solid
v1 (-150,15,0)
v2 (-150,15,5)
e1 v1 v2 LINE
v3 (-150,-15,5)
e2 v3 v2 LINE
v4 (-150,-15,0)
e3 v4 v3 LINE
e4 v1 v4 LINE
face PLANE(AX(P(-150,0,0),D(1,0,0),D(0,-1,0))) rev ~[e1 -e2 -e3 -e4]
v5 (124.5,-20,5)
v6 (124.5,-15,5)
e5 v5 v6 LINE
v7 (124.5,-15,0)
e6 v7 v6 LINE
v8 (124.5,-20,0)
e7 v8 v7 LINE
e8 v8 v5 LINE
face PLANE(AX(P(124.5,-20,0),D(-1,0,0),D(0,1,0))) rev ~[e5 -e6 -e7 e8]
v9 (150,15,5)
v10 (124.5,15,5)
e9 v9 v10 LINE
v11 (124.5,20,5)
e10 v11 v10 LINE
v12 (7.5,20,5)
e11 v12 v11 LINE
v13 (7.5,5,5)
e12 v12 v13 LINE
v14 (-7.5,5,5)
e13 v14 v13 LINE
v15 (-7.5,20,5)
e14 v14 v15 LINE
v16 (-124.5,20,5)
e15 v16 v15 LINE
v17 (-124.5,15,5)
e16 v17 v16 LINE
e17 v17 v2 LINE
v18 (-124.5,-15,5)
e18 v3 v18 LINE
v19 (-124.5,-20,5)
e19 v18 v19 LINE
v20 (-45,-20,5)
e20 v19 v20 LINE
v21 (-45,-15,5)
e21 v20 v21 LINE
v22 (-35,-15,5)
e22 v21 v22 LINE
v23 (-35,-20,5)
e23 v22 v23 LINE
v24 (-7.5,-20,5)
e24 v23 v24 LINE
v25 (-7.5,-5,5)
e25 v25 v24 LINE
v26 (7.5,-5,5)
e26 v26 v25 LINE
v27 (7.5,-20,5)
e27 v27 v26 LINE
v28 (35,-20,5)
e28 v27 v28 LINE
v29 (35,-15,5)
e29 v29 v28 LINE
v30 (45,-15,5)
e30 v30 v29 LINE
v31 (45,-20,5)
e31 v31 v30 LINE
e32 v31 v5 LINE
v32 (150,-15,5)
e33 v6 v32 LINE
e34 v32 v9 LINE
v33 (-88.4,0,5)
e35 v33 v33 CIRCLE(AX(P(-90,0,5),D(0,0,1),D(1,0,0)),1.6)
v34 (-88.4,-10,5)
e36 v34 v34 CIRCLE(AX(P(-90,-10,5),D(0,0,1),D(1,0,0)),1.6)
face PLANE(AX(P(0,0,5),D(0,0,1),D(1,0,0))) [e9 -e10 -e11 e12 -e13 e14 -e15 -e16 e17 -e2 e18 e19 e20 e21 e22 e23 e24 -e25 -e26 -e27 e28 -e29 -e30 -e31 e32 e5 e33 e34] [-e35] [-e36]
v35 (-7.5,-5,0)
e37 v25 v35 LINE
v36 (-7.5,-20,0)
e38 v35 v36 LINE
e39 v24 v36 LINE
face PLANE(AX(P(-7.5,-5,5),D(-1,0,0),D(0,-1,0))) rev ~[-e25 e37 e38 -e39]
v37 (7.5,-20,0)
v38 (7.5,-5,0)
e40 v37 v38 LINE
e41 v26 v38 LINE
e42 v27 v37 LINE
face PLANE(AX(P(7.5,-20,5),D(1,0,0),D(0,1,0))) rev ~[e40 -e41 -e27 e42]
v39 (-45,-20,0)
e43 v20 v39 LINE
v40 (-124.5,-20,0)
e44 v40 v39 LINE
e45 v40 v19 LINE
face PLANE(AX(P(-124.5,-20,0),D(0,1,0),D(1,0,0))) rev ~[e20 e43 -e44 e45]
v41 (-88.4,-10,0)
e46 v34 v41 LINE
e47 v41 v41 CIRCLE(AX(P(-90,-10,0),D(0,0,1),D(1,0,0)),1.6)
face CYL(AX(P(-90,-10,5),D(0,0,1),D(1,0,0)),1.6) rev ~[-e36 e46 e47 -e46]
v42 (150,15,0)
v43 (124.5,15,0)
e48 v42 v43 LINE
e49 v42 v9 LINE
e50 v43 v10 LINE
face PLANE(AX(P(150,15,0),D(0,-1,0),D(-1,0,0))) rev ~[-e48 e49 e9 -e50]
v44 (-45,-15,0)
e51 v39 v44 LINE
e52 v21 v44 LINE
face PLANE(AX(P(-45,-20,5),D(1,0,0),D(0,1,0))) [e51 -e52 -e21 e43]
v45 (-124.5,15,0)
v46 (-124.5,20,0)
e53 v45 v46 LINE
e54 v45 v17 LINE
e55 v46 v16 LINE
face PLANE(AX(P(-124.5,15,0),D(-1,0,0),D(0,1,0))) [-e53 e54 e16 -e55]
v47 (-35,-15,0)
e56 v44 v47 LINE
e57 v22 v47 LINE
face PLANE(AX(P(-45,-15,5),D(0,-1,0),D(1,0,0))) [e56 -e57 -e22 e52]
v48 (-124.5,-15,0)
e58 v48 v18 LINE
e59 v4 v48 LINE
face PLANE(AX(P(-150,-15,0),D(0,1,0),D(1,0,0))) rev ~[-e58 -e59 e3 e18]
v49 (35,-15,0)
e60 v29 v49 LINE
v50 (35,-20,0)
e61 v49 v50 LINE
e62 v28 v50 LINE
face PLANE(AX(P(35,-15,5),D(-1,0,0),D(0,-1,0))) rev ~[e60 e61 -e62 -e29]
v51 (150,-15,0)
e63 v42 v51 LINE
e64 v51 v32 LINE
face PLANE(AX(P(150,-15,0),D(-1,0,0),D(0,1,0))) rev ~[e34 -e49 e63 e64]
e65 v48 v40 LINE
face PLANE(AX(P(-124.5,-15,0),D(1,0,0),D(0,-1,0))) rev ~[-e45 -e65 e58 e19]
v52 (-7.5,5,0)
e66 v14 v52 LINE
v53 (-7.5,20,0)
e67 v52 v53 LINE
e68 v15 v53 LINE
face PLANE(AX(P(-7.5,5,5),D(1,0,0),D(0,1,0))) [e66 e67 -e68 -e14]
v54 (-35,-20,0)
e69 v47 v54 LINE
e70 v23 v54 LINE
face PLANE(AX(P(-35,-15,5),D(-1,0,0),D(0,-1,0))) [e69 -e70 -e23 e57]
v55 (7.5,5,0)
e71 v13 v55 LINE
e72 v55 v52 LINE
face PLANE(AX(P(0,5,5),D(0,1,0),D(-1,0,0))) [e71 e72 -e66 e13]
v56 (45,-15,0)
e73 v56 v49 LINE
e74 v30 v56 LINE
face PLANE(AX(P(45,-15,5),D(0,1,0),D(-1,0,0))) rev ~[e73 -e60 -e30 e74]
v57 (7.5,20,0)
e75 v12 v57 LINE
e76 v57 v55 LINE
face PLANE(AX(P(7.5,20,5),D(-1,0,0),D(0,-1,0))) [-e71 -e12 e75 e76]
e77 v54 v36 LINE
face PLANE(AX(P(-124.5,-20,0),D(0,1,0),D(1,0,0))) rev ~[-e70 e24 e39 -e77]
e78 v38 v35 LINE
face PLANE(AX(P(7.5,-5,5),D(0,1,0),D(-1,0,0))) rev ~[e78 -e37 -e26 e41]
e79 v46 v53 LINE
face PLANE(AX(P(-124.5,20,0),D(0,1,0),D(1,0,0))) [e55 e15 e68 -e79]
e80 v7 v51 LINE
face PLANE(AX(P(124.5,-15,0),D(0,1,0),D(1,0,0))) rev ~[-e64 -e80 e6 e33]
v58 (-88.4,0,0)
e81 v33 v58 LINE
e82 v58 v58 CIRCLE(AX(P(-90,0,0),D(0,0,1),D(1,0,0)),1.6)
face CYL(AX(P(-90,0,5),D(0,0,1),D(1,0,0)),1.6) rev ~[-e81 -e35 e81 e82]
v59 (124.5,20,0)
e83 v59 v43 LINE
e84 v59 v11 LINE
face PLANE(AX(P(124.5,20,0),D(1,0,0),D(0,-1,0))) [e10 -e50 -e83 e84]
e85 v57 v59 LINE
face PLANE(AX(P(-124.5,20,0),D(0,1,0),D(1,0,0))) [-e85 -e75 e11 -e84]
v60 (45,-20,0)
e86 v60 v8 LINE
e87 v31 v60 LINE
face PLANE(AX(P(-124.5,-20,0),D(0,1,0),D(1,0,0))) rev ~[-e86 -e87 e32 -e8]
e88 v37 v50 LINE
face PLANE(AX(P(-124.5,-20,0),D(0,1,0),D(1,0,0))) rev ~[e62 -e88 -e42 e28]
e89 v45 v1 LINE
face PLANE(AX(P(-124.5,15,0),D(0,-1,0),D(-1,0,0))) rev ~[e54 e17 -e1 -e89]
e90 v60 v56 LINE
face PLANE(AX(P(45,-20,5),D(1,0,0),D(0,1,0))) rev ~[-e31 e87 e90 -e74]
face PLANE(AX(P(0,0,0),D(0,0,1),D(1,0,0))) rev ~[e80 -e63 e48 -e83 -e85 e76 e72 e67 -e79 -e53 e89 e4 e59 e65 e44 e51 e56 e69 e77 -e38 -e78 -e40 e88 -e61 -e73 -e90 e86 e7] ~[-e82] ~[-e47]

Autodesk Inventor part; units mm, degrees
ref_plane "YZ Plane" through (0, 0, 0) normal (1, 0, 0) x (0, 1, 0)
ref_plane "XZ Plane" through (0, 0, 0) normal (0, 1, 0) x (-1, 0, 0)
ref_plane "XY Plane" through (0, 0, 0) normal (0, 0, 1) x (1, 0, 0)
sketch "Sketch1" plane through (0, 0, 0) normal (0, 0, 1) x (1, 0, 0)
  line L0 (-150, -15) -> (150, -15)
  line L1 (150, -15) -> (150, 15)
  line L2 (150, 15) -> (-150, 15)
  line L3 (-150, 15) -> (-150, -15)
  line L4 (-150, -15) -> (150, 15) construction
  line L5 (150, -15) -> (-150, 15) construction
  line L6 (-124.5, 20) -> (124.5, 20)
  line L7 (124.5, 20) -> (124.5, 15)
  line L8 (124.5, 15) -> (-124.5, 15)
  line L9 (-124.5, 15) -> (-124.5, 20)
  line L10 (-124.5, 20) -> (124.5, 15) construction
  line L11 (124.5, 20) -> (-124.5, 15) construction
  line L12 (-150, 0) -> (150, 0)
  line L13 (-124.5, -20) -> (124.5, -20)
  line L14 (124.5, -20) -> (124.5, -15)
  line L15 (124.5, -15) -> (-124.5, -15)
  line L16 (-124.5, -15) -> (-124.5, -20)
  line L17 (-124.5, -20) -> (124.5, -15) construction
  line L18 (124.5, -20) -> (-124.5, -15) construction
  point P0 (0, 0)
  point P1 (0, 0)
  point P2 (0, 17.5)
  point P3 (0, 15)
  point P4 (-77.3047, 14.0744)
  point P5 (81.6953, 14.0744)
  point P6 (0, -15)
  point P7 (0, -17.5)
  dimension "d0" = 5
  dimension "d1" = 30
  dimension "d2" = 300
  dimension "d3" = 249
extrude "Plate1" add sketch "Sketch1" along normal blind 5
sketch "Sketch3" plane through (0, 0, 5) normal (0, 0, 1) x (1, 0, 0)
  line L0 (-124.5, -20) -> (124.5, -20) projected
  line L1 (-7.5, -20) -> (7.5, -20)
  line L2 (7.5, -20) -> (7.5, -5)
  line L3 (7.5, -5) -> (-7.5, -5)
  line L4 (-7.5, -5) -> (-7.5, -20)
  point P0 (0, -5)
  point P1 (0, 0)
  dimension "d19" = 15
extrude "Cut1" cut sketch "Sketch3" against normal blind 5
sketch "Sketch4" plane through (0, 0, 5) normal (0, 0, 1) x (1, 0, 0)
  circle A0 centre (-90, 0) radius 1.6
  circle A1 centre (-90, -10) radius 1.6
  line L0 (-7.5, -5) -> (7.5, -5) projected
  point P0 (0, 0)
  point P1 (0, -5)
  dimension "d9" = 3.2
  dimension "d10" = 3.2
  dimension "d12" = 10
  dimension "d21" = 90
extrude "Cut2" cut sketch "Sketch4" against normal blind 5
sketch "Sketch5" plane through (0, 0, 5) normal (0, 0, 1) x (1, 0, 0)
  line L0 (-124.5, 20) -> (124.5, 20) projected
  line L1 (-7.5, 20) -> (7.5, 20)
  line L2 (7.5, 20) -> (7.5, 5)
  line L3 (7.5, 5) -> (-7.5, 5)
  line L4 (-7.5, 5) -> (-7.5, 20)
  line L5 (0, 20) -> (0, 0)
  dimension "d15" = 15
extrude "Cut3" cut sketch "Sketch5" against normal blind 5
sketch "Sketch6" plane through (0, 0, 5) normal (0, 0, 1) x (1, 0, 0)
  line L0 (124.5, -20) -> (7.5, -20) projected
  line L1 (35, -20) -> (45, -20)
  line L2 (45, -20) -> (45, -15)
  line L3 (45, -15) -> (35, -15)
  line L4 (35, -15) -> (35, -20)
  line L5 (7.5, 5) -> (-7.5, 5) projected
  line L6 (0, 5) -> (0, -4.2095)
  line L7 (-35, -20) -> (-45, -20)
  line L8 (-45, -20) -> (-45, -15)
  line L9 (-45, -15) -> (-35, -15)
  line L10 (-35, -15) -> (-35, -20)
  point P0 (0, 0)
  dimension "d22" = 5
  dimension "d23" = 10
  dimension "d24" = 35
extrude "Cut4" cut sketch "Sketch6" against normal blind 5
equation "\"d7\" = Thickness"
equation "\"d13\" = Thickness"
equation "\"d16\" = Thickness"
equation "\"d25\" = Thickness"
equation "\"d4\" = Thickness"
equation "\"BendRadius\" = Thickness"
equation "\"BendReliefWidth\" = Thickness"
equation "\"BendReliefDepth\" = 0.5 * Thickness"
equation "\"TransitionRadius\" = BendRadius"
equation "\"JacobiRadiusSize\" = BendRadius"
equation "\"GapSize\" = Thickness"
equation "\"Thickness\" = 5"
properties part number "Base Leg V2 Slotted"
